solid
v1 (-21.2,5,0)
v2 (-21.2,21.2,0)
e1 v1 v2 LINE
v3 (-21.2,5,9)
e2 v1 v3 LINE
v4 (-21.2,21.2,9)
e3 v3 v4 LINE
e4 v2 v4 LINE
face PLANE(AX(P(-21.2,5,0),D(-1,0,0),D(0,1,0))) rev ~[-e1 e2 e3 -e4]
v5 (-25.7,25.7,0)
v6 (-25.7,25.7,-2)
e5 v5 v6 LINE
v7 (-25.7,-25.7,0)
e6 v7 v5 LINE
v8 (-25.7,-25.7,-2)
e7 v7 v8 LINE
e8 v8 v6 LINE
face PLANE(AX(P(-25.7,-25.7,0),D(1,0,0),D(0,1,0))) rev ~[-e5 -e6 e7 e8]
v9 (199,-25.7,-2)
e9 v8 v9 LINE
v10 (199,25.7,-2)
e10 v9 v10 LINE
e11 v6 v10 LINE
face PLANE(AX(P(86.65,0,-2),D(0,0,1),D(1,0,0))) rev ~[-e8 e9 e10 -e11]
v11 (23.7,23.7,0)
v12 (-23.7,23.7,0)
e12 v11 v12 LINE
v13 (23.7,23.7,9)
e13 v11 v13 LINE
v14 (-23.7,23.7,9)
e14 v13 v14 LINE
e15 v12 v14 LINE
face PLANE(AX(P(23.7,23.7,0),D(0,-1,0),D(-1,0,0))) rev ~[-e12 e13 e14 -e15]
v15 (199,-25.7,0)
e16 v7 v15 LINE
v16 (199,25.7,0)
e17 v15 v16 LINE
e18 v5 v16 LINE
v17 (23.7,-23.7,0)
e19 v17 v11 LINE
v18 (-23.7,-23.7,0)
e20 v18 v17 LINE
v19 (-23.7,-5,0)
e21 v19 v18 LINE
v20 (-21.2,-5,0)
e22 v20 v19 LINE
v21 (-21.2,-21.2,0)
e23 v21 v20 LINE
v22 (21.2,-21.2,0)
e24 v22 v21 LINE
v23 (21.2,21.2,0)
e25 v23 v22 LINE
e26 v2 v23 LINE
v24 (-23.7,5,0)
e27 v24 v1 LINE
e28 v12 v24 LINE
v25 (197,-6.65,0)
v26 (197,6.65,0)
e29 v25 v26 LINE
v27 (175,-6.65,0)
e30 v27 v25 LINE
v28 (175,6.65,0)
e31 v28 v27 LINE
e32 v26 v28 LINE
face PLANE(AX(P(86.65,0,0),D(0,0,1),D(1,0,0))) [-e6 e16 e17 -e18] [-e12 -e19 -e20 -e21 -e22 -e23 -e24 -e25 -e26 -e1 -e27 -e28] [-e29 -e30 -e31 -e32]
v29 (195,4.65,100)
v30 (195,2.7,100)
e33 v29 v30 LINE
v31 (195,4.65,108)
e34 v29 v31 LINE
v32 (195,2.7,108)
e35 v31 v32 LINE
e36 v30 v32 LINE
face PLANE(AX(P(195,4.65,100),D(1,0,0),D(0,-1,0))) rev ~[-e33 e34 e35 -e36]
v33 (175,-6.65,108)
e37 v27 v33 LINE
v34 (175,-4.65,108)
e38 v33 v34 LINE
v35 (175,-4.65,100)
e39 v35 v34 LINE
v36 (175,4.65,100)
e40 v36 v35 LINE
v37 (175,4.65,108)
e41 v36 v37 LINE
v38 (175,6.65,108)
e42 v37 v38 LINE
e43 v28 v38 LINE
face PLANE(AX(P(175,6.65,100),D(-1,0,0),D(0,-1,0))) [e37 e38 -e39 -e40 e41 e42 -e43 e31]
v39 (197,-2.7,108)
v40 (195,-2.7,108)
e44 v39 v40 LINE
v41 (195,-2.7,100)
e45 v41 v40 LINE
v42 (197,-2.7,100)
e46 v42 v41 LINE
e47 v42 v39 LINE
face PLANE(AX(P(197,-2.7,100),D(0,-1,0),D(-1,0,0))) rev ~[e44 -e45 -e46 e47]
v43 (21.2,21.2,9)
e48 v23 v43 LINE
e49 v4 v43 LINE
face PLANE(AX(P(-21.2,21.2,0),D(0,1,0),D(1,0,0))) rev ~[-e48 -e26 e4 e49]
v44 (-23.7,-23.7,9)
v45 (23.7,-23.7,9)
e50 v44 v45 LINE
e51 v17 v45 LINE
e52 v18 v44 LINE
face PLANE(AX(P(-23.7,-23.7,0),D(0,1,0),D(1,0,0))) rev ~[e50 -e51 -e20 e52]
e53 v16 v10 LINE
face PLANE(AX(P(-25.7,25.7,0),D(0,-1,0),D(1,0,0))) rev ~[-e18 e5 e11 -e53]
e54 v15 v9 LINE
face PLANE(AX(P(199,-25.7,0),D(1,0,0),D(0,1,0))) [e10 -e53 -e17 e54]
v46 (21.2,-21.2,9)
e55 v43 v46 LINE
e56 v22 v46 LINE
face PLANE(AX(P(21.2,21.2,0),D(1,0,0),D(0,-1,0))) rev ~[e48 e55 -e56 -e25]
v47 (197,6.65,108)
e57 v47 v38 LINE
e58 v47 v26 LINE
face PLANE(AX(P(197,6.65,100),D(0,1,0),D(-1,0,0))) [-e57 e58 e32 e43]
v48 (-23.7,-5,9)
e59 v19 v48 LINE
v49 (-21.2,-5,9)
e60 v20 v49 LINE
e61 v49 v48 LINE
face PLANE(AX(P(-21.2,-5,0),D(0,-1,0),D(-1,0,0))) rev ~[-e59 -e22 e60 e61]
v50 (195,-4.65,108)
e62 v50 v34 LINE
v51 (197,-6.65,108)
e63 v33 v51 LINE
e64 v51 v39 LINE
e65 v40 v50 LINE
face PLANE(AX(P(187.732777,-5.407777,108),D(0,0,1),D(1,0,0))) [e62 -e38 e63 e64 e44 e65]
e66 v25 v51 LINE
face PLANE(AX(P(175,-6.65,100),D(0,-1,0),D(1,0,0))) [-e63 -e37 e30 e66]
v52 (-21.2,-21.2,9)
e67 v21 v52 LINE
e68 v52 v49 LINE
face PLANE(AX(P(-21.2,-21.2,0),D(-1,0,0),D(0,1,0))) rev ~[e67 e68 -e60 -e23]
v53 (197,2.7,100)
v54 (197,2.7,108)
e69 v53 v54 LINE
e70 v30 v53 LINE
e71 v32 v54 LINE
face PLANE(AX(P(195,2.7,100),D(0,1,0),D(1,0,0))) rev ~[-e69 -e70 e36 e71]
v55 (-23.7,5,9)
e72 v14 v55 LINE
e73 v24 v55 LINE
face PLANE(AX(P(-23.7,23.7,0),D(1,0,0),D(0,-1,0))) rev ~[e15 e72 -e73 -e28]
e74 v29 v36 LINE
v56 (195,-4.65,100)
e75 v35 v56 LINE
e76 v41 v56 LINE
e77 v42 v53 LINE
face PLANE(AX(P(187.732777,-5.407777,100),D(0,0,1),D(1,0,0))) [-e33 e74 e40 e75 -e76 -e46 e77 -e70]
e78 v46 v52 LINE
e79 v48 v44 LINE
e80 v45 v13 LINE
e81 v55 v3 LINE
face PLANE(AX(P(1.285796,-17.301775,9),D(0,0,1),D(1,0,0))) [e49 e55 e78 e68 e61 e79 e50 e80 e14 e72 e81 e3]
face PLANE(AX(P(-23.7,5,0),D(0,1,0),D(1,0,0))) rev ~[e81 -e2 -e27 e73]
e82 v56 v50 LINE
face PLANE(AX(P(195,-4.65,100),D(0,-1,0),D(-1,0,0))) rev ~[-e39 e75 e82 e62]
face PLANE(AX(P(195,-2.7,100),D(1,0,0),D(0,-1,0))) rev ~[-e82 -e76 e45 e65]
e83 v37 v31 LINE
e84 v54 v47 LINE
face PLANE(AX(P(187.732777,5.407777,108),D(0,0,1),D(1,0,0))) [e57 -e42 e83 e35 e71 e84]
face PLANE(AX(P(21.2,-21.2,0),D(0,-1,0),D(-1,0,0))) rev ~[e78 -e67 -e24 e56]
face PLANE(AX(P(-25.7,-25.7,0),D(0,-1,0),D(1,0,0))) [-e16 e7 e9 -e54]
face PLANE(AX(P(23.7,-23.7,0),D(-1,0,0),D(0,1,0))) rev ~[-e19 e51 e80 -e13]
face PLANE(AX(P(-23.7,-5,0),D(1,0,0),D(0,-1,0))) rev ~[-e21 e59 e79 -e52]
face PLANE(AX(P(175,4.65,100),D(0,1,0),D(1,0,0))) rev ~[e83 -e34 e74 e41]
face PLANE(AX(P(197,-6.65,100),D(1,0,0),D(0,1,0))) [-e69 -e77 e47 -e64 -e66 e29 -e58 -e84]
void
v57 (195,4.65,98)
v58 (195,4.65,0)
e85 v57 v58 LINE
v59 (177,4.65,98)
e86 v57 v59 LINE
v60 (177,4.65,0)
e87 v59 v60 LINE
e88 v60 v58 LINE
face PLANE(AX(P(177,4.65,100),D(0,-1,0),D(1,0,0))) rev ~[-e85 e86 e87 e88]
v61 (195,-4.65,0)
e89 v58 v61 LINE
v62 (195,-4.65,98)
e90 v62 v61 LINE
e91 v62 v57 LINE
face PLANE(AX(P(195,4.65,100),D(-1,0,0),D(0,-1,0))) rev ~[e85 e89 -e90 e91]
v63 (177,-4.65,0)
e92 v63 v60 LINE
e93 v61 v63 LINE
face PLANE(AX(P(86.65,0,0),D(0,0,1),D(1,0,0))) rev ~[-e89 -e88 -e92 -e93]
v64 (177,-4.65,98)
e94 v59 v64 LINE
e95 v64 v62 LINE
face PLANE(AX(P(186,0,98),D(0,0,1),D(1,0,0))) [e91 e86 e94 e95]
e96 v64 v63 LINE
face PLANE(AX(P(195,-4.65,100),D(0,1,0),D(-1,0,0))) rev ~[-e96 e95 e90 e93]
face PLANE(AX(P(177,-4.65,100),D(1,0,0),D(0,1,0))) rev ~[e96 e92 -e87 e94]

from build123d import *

# Parameters (mm, degrees)
F1_DEPTH  = 9
F5_W      = 2
F5_H      = 2
F6_DEPTH  = 8
F7_DEPTH  = 2
F5_H_2    = 4.65
F5_H_3    = 2.7
F8_DEPTH  = 100
F9_W      = 224.7
F9_H      = 51.4
F9_W_2    = 220.7
F9_H_2    = 47.4
F10_DEPTH = 2


with BuildPart() as f1:
    # F0 (on Top) → F1 (new body)
    with BuildSketch(Plane.XY):
        Polygon((-23.7, -23.7), (23.7, -23.7), (23.7, 0), (21.2, 0), (21.2, -21.2), (-21.2, -21.2), (-21.2, -5), (-23.7, -5), align=None)
        Polygon((21.2, 0), (23.7, 0), (23.7, 23.7), (-23.7, 23.7), (-23.7, 5), (-21.2, 5), (-21.2, 21.2), (21.2, 21.2), align=None)
    extrude(amount=F1_DEPTH)



with BuildPart() as f6:
    # F5 (on line) → F6 (new body)
    with BuildSketch(Plane.XY.offset(100)):
        Polygon((195, -4.65), (177, -4.65), (177, -6.65), (197, -6.65), (197, -2.7), (195, -2.7), align=None)
        with Locations((176, -5.65)):
            Rectangle(F5_W, F5_H)
    extrude(amount=F6_DEPTH)



with BuildPart() as f6b:
    # F5 (on line) → F6, piece 2 (new body)
    with BuildSketch(Plane.XY.offset(100)):
        Polygon((177, 6.65), (177, 4.65), (195, 4.65), (195, 2.7), (197, 2.7), (197, 6.65), align=None)
        with Locations((176, 5.65)):
            Rectangle(F5_W, F5_H)
    extrude(amount=F6_DEPTH)


with BuildPart() as f6_1:
    add(f6.part)

    add(f6b.part)  # F7 merges F6b
    # F5 (on line) → F7 (join)
    with BuildSketch(Plane.XY.offset(100)):
        Polygon((177, 4.65), (177, 0), (177, -4.65), (195, -4.65), (195, -2.7), (195, 0), (195, 2.7), (195, 4.65), align=None)
    extrude(amount=-F7_DEPTH)

    # F5 (on line) → F8 (join)
    with BuildSketch(Plane.XY.offset(100)):
        Polygon((195, -4.65), (177, -4.65), (177, -6.65), (197, -6.65), (197, -2.7), (195, -2.7), align=None)
        with Locations((176, -5.65)):
            Rectangle(F5_W, F5_H)
        with Locations((176, -2.325)):
            Rectangle(F5_W, F5_H_2)
        with Locations((176, 2.325)):
            Rectangle(F5_W, F5_H_2)
        with Locations((176, 5.65)):
            Rectangle(F5_W, F5_H)
        Polygon((177, 6.65), (177, 4.65), (195, 4.65), (195, 2.7), (197, 2.7), (197, 6.65), align=None)
        with Locations((196, -1.35)):
            Rectangle(F5_W, F5_H_3)
        with Locations((196, 1.35)):
            Rectangle(F5_W, F5_H_3)
    extrude(amount=-F8_DEPTH)


with BuildPart() as f1_1:
    add(f1.part)

    add(f6_1.part)  # F10 merges F6
    # F9 (on Top) → F10 (join)
    with BuildSketch(Plane.XY):
        with Locations((86.65, 0)):
            Rectangle(F9_W, F9_H)
        with Locations((86.65, 0)):
            Rectangle(F9_W_2, F9_H_2, mode=Mode.SUBTRACT)
        with Locations((86.65, 0)):
            Rectangle(F9_W_2, F9_H_2)
    extrude(amount=-F10_DEPTH)


solid = f1_1.part
